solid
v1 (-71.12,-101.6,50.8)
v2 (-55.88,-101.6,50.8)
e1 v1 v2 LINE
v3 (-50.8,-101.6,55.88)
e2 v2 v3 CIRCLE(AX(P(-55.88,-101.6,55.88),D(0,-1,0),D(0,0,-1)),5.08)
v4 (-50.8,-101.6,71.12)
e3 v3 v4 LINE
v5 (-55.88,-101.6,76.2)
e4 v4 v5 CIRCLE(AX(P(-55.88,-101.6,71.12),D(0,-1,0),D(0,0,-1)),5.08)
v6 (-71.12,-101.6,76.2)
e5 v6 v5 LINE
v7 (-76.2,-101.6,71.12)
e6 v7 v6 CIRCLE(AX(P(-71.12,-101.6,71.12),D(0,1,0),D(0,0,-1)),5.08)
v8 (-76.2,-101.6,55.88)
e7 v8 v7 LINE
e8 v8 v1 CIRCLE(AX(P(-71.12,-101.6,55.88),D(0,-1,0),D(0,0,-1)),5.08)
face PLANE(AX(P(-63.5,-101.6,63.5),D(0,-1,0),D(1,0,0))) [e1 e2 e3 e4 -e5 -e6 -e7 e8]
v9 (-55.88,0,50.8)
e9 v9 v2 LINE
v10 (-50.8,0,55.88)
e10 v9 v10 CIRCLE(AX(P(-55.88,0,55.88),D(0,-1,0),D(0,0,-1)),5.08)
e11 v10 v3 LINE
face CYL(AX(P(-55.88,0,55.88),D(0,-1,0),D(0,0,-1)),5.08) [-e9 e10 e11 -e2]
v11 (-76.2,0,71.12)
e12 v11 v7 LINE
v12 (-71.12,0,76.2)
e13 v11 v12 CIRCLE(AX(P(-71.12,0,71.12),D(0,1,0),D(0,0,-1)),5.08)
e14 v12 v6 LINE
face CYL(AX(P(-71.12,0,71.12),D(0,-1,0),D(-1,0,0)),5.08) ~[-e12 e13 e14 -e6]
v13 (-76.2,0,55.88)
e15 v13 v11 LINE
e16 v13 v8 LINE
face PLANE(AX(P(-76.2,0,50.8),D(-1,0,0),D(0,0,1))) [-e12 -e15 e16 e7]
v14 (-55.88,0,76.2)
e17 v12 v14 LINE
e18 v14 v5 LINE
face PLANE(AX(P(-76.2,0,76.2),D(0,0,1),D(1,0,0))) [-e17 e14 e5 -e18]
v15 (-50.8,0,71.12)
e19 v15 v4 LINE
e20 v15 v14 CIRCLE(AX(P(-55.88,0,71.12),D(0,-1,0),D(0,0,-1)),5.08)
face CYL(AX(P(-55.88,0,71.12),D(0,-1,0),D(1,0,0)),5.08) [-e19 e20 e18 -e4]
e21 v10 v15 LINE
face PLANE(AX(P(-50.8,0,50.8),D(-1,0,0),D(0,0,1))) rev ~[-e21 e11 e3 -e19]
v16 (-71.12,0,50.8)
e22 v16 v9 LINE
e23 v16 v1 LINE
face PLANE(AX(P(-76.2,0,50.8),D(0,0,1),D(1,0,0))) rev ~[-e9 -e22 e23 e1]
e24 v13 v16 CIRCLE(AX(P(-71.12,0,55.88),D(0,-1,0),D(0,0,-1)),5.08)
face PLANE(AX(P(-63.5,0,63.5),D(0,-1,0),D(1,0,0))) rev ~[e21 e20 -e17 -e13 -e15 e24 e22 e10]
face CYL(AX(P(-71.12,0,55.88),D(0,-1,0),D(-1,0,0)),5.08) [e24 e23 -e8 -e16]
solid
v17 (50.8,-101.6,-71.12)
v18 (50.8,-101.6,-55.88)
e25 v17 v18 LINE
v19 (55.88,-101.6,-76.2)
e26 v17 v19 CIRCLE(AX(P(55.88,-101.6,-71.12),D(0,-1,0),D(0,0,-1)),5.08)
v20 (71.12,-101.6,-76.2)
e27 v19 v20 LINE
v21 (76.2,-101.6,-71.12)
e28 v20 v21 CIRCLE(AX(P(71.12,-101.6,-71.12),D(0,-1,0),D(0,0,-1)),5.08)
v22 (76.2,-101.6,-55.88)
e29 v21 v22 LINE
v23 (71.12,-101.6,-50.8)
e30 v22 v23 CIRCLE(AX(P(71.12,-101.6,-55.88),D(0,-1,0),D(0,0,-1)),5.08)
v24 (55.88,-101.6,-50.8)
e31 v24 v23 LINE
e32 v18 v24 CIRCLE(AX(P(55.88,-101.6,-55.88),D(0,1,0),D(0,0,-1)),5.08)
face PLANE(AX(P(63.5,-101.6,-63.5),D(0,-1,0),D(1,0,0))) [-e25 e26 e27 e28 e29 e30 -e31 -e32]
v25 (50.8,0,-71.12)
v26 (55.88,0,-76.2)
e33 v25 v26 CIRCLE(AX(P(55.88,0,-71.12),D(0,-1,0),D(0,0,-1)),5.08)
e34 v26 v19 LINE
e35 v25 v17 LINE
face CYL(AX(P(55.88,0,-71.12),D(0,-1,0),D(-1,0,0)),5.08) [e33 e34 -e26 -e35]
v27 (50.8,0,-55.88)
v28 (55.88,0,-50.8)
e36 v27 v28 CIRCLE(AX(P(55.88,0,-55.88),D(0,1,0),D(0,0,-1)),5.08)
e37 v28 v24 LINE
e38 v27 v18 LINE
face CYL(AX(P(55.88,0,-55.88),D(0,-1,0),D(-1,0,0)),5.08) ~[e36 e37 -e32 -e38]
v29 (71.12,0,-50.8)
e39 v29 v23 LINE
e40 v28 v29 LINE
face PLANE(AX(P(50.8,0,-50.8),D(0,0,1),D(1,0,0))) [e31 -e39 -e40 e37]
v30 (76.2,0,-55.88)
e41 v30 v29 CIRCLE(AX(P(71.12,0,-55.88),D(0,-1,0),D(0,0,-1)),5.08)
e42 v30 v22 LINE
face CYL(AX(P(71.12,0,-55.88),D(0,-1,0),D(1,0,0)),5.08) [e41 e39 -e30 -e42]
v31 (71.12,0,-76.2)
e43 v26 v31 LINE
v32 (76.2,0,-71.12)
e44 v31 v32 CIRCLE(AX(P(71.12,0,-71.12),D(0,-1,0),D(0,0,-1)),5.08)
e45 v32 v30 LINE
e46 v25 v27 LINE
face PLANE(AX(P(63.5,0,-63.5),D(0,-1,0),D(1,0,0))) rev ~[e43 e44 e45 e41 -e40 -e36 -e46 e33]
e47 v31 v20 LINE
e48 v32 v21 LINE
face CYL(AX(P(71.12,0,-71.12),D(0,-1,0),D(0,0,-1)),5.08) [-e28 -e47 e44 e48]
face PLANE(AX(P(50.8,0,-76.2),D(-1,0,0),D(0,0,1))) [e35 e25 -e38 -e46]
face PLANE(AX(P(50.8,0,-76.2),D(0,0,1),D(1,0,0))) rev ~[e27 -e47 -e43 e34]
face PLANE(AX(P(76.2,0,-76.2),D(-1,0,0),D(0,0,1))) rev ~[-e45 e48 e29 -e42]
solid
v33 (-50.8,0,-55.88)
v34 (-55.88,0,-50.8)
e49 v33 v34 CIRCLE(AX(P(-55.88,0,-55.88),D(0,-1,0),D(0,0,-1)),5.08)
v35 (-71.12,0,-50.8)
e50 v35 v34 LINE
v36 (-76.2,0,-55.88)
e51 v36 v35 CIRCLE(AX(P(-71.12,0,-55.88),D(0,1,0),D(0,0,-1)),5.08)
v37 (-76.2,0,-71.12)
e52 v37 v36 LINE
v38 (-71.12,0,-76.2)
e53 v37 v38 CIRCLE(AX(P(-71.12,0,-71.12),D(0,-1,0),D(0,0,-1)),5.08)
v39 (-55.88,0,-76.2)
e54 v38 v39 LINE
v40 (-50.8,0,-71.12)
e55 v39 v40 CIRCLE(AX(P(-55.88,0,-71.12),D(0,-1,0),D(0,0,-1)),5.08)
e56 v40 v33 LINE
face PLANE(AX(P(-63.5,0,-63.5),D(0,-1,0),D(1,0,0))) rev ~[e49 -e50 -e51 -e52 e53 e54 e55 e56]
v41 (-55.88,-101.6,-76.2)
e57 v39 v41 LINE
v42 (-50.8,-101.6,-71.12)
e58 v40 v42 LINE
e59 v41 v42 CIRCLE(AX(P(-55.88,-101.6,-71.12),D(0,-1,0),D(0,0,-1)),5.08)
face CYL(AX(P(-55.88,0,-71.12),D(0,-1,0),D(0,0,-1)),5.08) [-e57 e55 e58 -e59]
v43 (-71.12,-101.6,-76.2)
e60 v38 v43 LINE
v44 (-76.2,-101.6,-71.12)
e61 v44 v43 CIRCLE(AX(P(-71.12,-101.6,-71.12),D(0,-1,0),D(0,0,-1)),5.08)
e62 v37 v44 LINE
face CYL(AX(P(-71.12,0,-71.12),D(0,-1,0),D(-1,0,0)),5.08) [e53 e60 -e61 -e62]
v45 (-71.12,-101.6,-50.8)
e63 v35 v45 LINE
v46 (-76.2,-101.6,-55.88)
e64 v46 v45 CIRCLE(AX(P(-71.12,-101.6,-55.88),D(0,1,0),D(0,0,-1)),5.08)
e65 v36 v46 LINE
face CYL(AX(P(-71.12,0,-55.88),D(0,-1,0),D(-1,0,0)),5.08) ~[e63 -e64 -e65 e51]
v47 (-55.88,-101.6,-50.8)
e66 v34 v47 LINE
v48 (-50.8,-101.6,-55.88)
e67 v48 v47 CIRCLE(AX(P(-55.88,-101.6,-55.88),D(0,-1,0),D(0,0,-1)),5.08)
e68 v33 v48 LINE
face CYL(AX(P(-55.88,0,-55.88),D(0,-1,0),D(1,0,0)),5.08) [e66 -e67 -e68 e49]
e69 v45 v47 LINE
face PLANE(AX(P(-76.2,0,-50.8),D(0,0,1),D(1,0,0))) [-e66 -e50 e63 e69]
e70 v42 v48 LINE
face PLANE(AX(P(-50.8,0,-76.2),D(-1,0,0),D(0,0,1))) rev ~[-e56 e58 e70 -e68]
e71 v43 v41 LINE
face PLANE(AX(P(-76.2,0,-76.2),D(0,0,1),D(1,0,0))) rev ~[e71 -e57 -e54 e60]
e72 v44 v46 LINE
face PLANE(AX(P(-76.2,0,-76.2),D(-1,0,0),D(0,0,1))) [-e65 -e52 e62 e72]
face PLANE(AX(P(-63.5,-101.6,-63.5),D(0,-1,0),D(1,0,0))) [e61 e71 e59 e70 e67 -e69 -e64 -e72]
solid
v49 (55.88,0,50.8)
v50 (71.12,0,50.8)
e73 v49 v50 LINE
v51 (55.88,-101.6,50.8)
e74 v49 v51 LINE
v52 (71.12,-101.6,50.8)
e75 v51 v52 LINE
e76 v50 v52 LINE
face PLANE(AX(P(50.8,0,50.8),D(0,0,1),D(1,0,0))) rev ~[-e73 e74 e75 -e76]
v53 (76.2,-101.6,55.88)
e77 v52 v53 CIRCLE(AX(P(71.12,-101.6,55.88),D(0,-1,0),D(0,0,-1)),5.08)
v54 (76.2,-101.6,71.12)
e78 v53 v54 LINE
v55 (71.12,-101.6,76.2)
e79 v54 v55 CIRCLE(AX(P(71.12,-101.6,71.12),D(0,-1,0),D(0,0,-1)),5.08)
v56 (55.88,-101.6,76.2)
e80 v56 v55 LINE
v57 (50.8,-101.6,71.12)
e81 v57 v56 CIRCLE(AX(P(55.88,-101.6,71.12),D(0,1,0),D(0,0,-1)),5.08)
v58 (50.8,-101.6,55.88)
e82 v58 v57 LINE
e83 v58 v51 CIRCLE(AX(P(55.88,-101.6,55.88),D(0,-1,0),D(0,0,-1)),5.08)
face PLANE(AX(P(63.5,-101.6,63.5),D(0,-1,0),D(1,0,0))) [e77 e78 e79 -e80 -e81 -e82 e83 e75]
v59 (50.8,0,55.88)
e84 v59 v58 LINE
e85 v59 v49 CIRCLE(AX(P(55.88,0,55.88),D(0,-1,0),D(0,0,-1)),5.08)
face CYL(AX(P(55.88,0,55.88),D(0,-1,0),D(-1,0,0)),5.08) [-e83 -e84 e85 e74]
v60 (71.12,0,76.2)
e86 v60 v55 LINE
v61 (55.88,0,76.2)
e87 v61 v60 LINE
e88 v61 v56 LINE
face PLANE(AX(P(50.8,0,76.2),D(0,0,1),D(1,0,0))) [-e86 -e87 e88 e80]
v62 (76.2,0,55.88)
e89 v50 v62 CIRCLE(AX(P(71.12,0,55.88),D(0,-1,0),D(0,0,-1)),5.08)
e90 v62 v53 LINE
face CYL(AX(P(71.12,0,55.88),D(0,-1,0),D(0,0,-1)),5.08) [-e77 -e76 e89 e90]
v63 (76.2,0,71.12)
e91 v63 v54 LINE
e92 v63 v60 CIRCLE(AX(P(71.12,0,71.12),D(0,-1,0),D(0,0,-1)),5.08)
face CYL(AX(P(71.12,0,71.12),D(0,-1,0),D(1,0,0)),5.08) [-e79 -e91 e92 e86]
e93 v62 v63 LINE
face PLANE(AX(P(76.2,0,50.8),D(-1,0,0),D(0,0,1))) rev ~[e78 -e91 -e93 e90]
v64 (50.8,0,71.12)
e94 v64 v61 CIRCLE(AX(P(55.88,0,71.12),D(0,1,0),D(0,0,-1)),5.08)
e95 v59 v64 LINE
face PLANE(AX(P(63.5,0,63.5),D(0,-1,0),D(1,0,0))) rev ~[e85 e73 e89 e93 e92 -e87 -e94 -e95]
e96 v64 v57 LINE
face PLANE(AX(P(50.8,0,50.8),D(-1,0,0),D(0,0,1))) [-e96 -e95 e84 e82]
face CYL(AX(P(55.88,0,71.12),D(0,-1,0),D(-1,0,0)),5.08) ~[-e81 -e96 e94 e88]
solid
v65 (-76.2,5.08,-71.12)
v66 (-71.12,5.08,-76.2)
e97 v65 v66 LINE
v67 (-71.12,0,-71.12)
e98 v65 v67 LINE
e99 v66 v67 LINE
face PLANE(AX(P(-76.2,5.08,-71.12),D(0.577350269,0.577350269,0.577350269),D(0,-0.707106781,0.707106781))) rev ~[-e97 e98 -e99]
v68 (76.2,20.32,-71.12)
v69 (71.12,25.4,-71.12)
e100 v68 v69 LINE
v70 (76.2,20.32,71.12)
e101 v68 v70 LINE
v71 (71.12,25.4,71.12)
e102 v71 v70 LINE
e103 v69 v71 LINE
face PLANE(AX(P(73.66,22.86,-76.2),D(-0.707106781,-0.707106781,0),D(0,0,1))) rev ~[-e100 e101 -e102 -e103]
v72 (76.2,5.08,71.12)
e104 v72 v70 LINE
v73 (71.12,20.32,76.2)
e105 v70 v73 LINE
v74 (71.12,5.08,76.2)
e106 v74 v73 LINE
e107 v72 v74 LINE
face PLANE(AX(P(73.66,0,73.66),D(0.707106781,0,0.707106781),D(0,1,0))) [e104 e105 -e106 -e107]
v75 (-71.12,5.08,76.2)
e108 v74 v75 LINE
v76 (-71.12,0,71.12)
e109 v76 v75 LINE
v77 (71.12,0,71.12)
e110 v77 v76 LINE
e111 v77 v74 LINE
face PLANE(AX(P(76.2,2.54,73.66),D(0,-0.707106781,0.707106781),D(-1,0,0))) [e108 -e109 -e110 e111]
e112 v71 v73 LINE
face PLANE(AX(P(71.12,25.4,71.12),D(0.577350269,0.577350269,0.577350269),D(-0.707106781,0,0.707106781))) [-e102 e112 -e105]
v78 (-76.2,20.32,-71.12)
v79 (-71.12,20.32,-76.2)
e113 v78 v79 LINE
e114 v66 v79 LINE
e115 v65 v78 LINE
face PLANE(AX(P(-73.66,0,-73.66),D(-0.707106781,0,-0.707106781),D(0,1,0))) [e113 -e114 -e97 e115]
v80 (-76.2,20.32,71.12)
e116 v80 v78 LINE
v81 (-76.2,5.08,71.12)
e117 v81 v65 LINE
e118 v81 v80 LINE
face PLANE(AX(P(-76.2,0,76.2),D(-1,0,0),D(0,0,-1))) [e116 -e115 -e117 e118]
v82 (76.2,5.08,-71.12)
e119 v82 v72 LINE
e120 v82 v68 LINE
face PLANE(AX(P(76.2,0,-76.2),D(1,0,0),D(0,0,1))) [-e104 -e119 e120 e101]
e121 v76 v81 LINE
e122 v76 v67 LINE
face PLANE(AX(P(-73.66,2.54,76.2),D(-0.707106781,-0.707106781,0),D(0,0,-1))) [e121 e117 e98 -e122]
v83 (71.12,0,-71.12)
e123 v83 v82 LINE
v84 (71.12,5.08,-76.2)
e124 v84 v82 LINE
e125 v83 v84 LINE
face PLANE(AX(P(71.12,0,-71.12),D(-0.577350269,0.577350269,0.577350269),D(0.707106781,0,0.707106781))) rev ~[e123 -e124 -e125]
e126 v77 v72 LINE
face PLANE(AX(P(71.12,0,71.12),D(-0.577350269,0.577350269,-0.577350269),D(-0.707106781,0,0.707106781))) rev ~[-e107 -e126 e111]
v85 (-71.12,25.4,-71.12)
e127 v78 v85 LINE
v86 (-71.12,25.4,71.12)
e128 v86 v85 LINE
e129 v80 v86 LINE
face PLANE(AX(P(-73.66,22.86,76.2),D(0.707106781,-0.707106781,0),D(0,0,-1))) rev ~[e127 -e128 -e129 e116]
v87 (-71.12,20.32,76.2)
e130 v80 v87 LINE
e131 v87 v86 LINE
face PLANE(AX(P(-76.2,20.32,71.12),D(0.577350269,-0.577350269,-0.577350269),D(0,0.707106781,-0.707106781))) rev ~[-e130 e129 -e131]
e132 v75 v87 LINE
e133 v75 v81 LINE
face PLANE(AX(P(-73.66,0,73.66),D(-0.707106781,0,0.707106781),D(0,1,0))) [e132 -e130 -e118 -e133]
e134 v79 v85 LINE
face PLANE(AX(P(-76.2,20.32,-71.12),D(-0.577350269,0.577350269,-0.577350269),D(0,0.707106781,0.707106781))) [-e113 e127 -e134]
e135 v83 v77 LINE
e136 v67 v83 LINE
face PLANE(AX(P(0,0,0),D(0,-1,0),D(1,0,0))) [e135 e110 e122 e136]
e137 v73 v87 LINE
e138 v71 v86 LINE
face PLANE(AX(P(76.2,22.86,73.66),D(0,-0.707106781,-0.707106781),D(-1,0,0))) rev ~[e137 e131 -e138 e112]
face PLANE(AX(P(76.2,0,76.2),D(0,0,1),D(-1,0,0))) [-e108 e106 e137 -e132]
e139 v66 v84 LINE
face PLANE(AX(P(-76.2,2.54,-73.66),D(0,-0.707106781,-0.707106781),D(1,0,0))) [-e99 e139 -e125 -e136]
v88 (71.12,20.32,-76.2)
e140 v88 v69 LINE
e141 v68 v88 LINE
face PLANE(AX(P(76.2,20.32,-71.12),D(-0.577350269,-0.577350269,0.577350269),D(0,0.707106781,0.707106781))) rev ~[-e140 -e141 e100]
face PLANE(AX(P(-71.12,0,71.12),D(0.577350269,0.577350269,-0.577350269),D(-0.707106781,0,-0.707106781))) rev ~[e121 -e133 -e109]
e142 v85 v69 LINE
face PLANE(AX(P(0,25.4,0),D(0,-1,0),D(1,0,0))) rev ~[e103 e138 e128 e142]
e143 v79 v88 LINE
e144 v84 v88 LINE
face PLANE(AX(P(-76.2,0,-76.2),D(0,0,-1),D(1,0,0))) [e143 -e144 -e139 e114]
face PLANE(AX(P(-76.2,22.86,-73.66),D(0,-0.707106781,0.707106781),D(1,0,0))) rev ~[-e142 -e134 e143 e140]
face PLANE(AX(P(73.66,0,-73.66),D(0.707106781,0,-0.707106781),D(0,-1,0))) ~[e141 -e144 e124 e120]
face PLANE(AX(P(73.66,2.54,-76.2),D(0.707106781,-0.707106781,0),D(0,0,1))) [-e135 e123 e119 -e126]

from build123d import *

# Parameters (mm, degrees)
F0_W     = 25.4
F0_H     = 25.4
F1_DEPTH = 101.6
F2_DEPTH = 25.4
F3_R     = 5.08
F4_R     = 5.08
F5_R     = 5.08
F6_R     = 5.08
F7_SIZE  = 5.08


with BuildPart() as f1:
    # F0 (on Front) → F1 (new body)
    with BuildSketch(Plane.XZ):
        with Locations((-63.5, 63.5)):
            Rectangle(F0_W, F0_H)
        with Locations((63.5, 63.5)):
            Rectangle(F0_W, F0_H)
        with Locations((63.5, -63.5)):
            Rectangle(F0_W, F0_H)
        with Locations((-63.5, -63.5)):
            Rectangle(F0_W, F0_H)
    extrude(amount=F1_DEPTH)

    # F3
    f3_edges = [f1.edges().sort_by_distance(p)[0] for p in [
        (76.2, -50.8, -50.8),
        (76.2, -50.8, -76.2),
        (50.8, -50.8, -76.2),
        (50.8, -50.8, -50.8),
    ]]
    fillet(f3_edges, radius=F3_R)

    # F4
    f4_edges = [f1.edges().sort_by_distance(p)[0] for p in [
        (-76.2, -50.8, -76.2),
        (-76.2, -50.8, -50.8),
        (-50.8, -50.8, -76.2),
        (-50.8, -50.8, -50.8),
    ]]
    fillet(f4_edges, radius=F4_R)

    # F5
    f5_edges = [f1.edges().sort_by_distance(p)[0] for p in [
        (76.2, -50.8, 50.8),
        (50.8, -50.8, 50.8),
        (76.2, -50.8, 76.2),
        (50.8, -50.8, 76.2),
    ]]
    fillet(f5_edges, radius=F5_R)

    # F6
    f6_edges = [f1.edges().sort_by_distance(p)[0] for p in [
        (-76.2, -50.8, 76.2),
        (-50.8, -50.8, 76.2),
        (-50.8, -50.8, 50.8),
        (-76.2, -50.8, 50.8),
    ]]
    fillet(f6_edges, radius=F6_R)


with BuildPart() as f2:
    # F0 (on Front) → F2 (new body)
    with BuildSketch(Plane.XZ):
        Polygon((50.8, 76.2), (-50.8, 76.2), (-50.8, 50.8), (-76.2, 50.8), (-76.2, -50.8), (-50.8, -50.8), (-50.8, -76.2), (50.8, -76.2), (50.8, -50.8), (76.2, -50.8), (76.2, 50.8), (50.8, 50.8), align=None)
        with Locations((63.5, -63.5)):
            Rectangle(F0_W, F0_H)
        with Locations((63.5, 63.5)):
            Rectangle(F0_W, F0_H)
        with Locations((-63.5, 63.5)):
            Rectangle(F0_W, F0_H)
        with Locations((-63.5, -63.5)):
            Rectangle(F0_W, F0_H)
    extrude(amount=-F2_DEPTH)

    # F7
    f7_edges = [f2.edges().sort_by_distance(p)[0] for p in [
        (0, 25.4, -76.2),
        (76.2, 12.7, -76.2),
        (0, 0, -76.2),
        (-76.2, 12.7, -76.2),
        (76.2, 12.7, 76.2),
        (76.2, 0, 0),
        (76.2, 25.4, 0),
        (0, 25.4, 76.2),
        (-76.2, 12.7, 76.2),
        (0, 0, 76.2),
        (-76.2, 25.4, 0),
        (-76.2, 0, 0),
    ]]
    chamfer(f7_edges, length=F7_SIZE)


solid = Compound([f1.part, f2.part])
